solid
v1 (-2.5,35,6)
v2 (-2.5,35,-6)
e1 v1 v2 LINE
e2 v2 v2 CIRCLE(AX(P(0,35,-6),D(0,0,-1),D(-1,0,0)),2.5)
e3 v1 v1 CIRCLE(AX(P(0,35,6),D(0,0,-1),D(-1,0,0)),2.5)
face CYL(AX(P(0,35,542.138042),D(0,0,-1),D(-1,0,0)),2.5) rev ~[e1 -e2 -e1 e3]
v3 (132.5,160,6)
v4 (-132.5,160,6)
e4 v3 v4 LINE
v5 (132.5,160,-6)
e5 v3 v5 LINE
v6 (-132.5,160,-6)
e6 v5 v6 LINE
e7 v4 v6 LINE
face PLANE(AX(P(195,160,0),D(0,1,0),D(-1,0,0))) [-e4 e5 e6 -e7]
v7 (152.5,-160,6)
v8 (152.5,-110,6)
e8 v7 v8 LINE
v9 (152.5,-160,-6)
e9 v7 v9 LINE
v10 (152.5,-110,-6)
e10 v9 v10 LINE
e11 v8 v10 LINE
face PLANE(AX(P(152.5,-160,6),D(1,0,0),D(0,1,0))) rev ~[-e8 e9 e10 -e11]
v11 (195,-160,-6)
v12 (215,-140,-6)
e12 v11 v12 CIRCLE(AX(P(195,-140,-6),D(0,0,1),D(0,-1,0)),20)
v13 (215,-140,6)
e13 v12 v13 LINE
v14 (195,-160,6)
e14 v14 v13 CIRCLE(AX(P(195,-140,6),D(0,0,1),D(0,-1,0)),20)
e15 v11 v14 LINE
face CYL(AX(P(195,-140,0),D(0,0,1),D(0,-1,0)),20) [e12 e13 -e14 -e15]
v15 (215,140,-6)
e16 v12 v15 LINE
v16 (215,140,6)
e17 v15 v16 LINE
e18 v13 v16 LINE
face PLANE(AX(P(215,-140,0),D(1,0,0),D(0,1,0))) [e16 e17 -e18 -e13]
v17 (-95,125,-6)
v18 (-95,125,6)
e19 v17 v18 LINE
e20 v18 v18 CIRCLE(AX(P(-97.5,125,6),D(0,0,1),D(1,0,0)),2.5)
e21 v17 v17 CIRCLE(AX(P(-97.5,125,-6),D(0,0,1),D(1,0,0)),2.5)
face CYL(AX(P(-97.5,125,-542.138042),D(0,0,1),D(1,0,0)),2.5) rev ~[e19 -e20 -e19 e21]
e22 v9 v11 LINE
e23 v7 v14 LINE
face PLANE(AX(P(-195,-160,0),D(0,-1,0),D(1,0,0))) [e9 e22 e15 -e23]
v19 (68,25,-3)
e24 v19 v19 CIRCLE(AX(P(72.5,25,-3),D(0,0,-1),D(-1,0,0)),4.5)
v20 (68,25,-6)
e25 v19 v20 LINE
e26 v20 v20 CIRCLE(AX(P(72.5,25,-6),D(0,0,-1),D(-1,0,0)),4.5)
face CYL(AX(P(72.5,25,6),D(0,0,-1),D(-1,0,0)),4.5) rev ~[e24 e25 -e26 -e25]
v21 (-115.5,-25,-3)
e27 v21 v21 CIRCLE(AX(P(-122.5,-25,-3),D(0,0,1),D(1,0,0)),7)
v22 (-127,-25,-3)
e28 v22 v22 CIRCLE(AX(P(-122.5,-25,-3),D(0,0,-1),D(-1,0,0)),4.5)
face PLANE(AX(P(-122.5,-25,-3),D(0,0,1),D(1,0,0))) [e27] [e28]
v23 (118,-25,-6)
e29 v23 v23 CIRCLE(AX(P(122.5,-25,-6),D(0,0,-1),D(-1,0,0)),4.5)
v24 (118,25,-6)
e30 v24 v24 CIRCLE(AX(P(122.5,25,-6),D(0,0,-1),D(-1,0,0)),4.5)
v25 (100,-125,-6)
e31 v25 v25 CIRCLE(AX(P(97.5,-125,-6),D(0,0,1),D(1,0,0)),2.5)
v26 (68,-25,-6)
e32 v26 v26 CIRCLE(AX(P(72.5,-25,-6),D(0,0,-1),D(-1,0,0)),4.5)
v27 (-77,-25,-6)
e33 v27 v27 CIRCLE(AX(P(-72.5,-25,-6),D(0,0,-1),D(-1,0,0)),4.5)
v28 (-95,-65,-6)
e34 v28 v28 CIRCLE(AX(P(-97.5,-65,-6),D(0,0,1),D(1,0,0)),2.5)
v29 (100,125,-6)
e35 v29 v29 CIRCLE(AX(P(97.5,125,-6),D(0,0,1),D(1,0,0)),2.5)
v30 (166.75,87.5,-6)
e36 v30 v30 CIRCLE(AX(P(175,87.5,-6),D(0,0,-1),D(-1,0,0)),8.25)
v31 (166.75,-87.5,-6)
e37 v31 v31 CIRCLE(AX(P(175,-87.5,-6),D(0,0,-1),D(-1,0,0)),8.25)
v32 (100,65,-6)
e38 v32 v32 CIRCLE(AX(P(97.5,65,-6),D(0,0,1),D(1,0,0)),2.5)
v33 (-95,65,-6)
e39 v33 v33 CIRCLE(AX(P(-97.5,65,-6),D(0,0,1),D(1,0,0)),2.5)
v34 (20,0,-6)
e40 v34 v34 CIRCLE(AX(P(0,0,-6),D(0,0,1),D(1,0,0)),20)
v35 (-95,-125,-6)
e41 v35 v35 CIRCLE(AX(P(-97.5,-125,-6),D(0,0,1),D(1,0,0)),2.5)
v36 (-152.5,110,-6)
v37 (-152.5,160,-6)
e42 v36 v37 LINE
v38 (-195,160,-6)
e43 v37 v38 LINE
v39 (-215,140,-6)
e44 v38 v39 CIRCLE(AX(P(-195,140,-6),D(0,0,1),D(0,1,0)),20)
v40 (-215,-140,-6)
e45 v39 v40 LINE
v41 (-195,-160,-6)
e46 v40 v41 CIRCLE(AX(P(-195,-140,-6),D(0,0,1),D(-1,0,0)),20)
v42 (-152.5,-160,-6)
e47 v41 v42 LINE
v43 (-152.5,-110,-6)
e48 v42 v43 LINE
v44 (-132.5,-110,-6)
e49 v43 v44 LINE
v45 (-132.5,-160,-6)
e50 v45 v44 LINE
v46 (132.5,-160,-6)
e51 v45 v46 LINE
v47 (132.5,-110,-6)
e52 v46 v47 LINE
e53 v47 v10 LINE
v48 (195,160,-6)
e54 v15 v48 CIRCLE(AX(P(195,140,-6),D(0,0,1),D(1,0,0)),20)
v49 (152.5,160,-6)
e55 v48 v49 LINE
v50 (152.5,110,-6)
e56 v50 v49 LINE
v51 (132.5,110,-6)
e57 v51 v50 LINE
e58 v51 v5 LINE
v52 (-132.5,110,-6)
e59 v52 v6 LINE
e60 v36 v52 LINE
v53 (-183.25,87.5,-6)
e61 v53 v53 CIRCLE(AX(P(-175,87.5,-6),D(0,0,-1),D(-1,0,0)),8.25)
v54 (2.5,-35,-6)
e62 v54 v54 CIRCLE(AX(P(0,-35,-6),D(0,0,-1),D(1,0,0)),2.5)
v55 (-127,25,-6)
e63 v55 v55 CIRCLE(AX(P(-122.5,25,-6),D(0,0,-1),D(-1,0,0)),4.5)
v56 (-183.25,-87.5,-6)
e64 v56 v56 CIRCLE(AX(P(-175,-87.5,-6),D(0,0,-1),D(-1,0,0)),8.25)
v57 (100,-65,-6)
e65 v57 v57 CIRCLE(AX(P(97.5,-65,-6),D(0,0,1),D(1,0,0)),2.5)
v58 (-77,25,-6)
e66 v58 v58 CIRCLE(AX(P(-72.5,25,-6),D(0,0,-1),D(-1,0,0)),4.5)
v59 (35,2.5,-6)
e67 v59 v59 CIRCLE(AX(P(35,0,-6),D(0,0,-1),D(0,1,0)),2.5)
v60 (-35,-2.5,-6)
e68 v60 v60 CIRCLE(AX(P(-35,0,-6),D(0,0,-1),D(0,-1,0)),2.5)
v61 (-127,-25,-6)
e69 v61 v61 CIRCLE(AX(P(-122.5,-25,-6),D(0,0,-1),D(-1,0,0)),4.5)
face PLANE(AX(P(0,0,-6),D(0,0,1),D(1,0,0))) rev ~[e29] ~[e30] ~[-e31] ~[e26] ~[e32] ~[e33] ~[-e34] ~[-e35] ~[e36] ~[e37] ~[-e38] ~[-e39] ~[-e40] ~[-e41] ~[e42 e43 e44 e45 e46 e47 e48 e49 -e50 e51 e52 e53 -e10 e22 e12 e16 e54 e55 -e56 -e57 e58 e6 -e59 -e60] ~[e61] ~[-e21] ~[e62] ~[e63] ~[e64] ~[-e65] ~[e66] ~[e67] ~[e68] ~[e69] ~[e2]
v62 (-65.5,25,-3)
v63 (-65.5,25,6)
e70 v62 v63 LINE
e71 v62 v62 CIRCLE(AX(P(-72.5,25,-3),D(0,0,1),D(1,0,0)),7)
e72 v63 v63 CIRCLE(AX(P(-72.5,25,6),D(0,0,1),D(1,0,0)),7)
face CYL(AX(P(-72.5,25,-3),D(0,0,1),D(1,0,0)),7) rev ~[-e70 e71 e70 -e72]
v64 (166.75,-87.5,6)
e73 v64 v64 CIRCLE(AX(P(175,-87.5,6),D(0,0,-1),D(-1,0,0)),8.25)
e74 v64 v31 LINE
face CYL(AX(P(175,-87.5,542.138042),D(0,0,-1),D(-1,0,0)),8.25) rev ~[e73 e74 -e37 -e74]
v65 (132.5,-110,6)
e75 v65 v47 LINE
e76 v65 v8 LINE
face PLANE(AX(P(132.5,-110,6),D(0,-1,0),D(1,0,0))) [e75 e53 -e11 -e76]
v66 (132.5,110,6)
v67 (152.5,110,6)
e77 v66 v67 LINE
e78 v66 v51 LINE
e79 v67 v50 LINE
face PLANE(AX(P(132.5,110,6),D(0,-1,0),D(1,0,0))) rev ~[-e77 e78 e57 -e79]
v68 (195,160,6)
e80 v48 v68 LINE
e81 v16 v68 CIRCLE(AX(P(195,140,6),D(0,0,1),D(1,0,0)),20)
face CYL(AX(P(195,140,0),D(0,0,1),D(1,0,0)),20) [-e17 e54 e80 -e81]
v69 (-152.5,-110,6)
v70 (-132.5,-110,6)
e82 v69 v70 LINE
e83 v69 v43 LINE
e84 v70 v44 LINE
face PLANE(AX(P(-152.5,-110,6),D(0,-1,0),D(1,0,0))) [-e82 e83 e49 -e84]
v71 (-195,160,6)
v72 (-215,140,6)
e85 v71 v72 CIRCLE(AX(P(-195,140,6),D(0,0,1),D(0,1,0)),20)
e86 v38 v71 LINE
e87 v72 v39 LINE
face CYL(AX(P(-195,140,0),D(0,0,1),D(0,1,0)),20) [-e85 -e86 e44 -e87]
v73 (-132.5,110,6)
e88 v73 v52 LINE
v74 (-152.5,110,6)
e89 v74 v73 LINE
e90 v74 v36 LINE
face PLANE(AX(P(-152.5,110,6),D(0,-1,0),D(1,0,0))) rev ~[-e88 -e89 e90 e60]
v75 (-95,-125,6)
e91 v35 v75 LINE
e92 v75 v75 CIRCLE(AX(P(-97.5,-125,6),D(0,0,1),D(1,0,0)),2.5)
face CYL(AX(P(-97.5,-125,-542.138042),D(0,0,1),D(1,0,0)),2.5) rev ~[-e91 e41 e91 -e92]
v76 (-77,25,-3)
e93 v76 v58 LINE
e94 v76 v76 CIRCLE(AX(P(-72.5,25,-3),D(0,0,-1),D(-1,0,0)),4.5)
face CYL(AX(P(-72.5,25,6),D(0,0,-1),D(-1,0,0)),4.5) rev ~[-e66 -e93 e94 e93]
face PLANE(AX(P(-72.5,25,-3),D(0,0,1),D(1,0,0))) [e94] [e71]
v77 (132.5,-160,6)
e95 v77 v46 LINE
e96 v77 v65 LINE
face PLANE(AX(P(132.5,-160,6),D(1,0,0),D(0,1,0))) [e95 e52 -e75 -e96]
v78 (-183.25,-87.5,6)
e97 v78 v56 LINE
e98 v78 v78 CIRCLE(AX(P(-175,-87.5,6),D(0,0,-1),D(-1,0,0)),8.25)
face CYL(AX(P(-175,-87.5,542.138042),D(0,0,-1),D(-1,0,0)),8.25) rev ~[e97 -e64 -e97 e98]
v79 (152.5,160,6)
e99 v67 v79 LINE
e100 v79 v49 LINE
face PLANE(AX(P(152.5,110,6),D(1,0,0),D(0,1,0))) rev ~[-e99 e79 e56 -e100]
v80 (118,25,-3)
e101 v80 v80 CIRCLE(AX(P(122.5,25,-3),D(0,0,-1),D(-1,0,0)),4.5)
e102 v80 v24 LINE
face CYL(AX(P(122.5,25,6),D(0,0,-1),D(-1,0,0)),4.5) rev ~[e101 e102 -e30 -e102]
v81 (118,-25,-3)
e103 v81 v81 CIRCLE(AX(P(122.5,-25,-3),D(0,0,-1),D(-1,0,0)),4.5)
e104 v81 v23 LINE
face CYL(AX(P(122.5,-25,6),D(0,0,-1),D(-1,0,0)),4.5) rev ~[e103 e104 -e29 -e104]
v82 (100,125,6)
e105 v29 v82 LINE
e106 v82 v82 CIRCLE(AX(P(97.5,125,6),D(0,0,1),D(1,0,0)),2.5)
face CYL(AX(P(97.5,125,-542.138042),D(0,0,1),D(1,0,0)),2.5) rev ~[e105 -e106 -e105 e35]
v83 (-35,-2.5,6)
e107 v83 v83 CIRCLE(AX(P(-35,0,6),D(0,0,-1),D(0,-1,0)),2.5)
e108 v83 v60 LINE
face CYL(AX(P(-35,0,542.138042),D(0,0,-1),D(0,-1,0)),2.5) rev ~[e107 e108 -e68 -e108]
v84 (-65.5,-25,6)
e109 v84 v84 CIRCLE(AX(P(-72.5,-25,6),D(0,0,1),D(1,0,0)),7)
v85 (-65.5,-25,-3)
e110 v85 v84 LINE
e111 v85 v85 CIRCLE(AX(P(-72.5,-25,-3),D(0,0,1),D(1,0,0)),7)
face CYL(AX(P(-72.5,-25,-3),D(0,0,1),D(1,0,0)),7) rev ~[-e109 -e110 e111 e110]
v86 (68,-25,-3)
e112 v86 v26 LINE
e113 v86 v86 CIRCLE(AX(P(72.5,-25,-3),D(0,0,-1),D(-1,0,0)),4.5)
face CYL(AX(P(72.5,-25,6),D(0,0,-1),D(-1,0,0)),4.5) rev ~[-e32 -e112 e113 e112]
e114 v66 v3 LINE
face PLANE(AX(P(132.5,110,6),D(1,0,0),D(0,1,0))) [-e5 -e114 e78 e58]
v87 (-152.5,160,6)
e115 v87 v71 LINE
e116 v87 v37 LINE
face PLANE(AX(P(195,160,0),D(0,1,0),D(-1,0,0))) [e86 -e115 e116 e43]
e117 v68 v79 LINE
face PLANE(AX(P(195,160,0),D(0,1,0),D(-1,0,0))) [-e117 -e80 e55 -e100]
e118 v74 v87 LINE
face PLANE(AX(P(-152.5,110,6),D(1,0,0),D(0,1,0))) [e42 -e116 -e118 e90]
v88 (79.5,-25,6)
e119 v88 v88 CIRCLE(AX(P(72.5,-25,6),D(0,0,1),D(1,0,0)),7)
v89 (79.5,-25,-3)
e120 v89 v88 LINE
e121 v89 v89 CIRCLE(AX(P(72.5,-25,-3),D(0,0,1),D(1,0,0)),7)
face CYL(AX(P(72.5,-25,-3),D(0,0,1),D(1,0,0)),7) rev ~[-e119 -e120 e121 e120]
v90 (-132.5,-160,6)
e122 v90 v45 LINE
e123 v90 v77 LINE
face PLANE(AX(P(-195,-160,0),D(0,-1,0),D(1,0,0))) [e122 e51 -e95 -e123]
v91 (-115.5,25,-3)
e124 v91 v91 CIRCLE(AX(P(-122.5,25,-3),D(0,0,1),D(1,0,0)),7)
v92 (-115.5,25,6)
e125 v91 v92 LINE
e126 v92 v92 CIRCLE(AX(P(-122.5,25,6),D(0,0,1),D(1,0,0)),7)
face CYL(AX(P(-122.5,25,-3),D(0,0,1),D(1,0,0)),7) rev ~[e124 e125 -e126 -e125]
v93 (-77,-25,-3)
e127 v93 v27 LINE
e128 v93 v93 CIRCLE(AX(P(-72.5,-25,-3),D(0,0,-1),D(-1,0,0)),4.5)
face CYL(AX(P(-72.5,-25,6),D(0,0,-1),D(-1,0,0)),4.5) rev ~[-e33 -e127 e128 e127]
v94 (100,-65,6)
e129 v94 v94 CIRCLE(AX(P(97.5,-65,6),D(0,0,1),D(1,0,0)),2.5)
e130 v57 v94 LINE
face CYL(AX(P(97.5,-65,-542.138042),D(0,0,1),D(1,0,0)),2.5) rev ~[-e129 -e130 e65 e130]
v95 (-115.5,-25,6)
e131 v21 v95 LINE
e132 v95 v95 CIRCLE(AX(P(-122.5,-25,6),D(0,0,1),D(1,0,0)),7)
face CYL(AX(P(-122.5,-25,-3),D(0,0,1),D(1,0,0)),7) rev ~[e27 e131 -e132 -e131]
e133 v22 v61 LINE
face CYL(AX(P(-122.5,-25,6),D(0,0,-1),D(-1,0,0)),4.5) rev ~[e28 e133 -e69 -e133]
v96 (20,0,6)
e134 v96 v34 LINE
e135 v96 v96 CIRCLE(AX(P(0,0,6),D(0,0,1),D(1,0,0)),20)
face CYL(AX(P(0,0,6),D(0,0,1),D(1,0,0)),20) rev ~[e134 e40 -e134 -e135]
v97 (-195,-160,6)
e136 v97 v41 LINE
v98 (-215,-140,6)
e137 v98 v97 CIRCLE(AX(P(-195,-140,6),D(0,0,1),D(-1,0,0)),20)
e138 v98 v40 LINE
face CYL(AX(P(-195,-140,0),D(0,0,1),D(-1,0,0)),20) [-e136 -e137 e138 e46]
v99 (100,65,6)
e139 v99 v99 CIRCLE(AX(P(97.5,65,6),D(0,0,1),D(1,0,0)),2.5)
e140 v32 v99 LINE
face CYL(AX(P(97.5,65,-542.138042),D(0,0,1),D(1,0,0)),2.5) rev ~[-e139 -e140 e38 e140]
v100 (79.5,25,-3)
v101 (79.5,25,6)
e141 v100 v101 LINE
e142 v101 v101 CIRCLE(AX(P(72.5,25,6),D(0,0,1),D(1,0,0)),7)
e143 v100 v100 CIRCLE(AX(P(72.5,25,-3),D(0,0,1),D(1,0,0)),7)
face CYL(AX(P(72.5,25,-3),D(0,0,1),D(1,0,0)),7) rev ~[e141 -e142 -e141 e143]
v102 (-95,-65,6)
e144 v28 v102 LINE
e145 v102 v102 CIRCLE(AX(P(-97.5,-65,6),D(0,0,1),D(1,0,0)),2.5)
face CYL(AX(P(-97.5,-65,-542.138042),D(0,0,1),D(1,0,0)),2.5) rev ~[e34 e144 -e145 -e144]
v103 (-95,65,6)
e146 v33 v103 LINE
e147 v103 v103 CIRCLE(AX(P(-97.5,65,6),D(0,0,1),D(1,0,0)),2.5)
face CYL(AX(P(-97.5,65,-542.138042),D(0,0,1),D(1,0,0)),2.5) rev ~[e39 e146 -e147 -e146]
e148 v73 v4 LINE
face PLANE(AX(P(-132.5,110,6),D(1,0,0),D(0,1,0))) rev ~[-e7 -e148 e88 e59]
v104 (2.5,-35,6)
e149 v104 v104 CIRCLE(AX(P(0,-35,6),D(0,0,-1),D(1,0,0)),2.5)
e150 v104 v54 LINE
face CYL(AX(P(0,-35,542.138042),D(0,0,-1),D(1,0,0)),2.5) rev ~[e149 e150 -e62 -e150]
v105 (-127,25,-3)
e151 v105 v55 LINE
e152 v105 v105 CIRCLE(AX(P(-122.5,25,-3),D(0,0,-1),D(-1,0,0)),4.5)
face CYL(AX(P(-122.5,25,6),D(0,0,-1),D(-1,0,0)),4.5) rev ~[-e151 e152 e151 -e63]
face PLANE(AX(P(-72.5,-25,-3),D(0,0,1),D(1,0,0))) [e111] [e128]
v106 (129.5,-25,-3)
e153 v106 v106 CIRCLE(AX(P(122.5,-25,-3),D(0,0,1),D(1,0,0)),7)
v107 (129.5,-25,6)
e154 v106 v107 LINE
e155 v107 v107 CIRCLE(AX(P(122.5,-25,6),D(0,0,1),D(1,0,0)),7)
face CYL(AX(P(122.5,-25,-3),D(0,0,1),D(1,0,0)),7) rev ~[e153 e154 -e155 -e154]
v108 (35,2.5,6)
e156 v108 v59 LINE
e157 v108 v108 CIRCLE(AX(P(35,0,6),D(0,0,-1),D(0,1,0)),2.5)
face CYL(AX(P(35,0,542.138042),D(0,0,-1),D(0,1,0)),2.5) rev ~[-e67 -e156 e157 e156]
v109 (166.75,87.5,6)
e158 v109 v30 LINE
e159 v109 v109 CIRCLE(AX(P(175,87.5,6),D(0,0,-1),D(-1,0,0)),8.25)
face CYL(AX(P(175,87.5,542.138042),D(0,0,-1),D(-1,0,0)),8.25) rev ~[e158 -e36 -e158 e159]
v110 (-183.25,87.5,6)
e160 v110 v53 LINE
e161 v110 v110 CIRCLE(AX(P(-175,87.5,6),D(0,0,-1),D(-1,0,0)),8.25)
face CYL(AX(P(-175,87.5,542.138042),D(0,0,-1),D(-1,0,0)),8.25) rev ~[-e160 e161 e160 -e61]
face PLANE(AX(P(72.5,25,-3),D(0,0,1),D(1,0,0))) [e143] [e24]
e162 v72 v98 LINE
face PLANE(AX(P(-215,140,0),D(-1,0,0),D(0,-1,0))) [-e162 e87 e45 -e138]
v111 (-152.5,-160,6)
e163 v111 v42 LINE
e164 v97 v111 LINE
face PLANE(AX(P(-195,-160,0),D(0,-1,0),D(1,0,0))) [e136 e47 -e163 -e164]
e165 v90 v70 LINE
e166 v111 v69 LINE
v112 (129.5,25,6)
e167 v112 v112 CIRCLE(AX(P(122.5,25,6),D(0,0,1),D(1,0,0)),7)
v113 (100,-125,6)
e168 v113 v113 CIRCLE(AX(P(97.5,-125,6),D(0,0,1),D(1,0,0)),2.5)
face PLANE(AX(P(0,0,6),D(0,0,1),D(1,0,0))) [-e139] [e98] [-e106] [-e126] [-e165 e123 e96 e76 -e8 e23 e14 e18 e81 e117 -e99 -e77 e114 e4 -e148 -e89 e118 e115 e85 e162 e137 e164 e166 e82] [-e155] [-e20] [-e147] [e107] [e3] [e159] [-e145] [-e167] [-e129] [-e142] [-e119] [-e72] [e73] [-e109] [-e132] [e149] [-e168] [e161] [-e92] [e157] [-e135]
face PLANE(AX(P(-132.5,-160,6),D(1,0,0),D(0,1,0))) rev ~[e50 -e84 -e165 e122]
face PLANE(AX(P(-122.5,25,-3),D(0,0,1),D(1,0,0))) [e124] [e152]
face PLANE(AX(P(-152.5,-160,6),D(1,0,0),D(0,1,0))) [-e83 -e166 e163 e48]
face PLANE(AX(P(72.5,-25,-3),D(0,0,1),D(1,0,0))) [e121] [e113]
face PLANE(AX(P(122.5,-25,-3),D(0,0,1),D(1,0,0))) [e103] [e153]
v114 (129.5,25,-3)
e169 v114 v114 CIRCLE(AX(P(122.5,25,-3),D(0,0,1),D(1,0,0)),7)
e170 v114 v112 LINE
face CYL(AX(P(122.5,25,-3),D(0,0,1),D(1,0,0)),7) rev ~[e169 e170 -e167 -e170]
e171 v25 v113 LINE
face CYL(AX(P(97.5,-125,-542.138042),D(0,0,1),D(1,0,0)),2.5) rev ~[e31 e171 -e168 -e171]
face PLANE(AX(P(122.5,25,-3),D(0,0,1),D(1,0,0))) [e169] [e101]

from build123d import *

# Parameters (mm, degrees)
EXTRUDE_1_DEPTH           = 6
HOLE_WIZARD_16_5_16_5_1_D = 16.5
SKETCH_11_R               = 20
CUT_EXTRUDE_1_DEPTH       = 13
HOLE_WIZARD_2_D           = 9
HOLE_WIZARD_2_CBORE_D     = 14
HOLE_WIZARD_2_CBORE_DEPTH = 9
HOLE_WIZARD_M6_1_D        = 5
SKETCH_17_W               = 20
SKETCH_17_H               = 50
CUT_EXTRUDE_2_DEPTH       = 13
HOLE_WIZARD_M6_2_D        = 5
PATTERN_CIRCULAR_1_COUNT  = 4


with BuildPart() as part:
    # 草图1 → 凸台-拉伸1 (new body, symmetric)
    with BuildSketch(Plane.XY):
        with BuildLine():
            Line((-195, -160), (195, -160))
            ThreePointArc((195, -160), (209.142135624, -154.142135624), (215, -140))
            Line((215, -140), (215, 140))
            ThreePointArc((215, 140), (209.142135624, 154.142135624), (195, 160))
            Line((195, 160), (-195, 160))
            ThreePointArc((-195, 160), (-209.142135624, 154.142135624), (-215, 140))
            Line((-215, 140), (-215, -140))
            ThreePointArc((-215, -140), (-209.142135624, -154.142135624), (-195, -160))
        make_face()
    extrude(amount=EXTRUDE_1_DEPTH, both=True)

    # Ø16.5 (16.5) 直径孔1 (through all)
    with Locations(Plane.XY.offset(6)):
        with Locations((-175, 87.5), (175, 87.5), (175, -87.5), (-175, -87.5)):
            Hole(HOLE_WIZARD_16_5_16_5_1_D / 2)

    # 草图11 → 切除-拉伸1 (cut, through all)
    with BuildSketch(Plane.XY.offset(6)):
        Circle(SKETCH_11_R)
    extrude(amount=-CUT_EXTRUDE_1_DEPTH, mode=Mode.SUBTRACT)

    # 打孔尺寸(%根据)内六角圆柱头螺钉的类型2 (through all)
    with Locations(Plane.XY.offset(6)):
        with Locations((-122.5, 25), (-72.5, 25), (-72.5, -25), (-122.5, -25), (72.5, -25), (122.5, -25), (72.5, 25), (122.5, 25)):
            CounterBoreHole(HOLE_WIZARD_2_D / 2, HOLE_WIZARD_2_CBORE_D / 2, HOLE_WIZARD_2_CBORE_DEPTH)

    # M6 螺纹孔1 (through all)
    with Locations(Plane(origin=(0, 0, -6), x_dir=(-1, 0, 0), z_dir=(0, 0, -1))):
        with Locations((-97.5, 65), (-97.5, 125), (-97.5, -125), (-97.5, -65), (97.5, -65), (97.5, -125), (97.5, 125), (97.5, 65)):
            Hole(HOLE_WIZARD_M6_1_D / 2)

    # 草图17 → 切除-拉伸2 (cut, through all)
    with BuildSketch(Plane.XY.offset(6)):
        with Locations((-142.5, 135)):
            Rectangle(SKETCH_17_W, SKETCH_17_H)
        with Locations((142.5, 135)):
            Rectangle(SKETCH_17_W, SKETCH_17_H)
        with Locations((142.5, -135)):
            Rectangle(SKETCH_17_W, SKETCH_17_H)
        with Locations((-142.5, -135)):
            Rectangle(SKETCH_17_W, SKETCH_17_H)
    extrude(amount=-CUT_EXTRUDE_2_DEPTH, mode=Mode.SUBTRACT)

    # M6 螺纹孔2 (through all)
    with Locations(Plane(origin=(0, 35, 6), x_dir=(1, 0, 0), z_dir=(0, 0, 1))):
        with Locations((0, 0)):
            hole_wizard_m6_2 = Hole(HOLE_WIZARD_M6_2_D / 2)

    # 阵列(圆周)1: M6 螺纹孔2 ×4 about axis
    pattern_circular_1_axis = Axis((0, 0, 0), (0, 0, 1))
    for i in range(1, PATTERN_CIRCULAR_1_COUNT):
        add(hole_wizard_m6_2.rotate(pattern_circular_1_axis, i * 360 / PATTERN_CIRCULAR_1_COUNT), mode=Mode.SUBTRACT)


solid = part.part
